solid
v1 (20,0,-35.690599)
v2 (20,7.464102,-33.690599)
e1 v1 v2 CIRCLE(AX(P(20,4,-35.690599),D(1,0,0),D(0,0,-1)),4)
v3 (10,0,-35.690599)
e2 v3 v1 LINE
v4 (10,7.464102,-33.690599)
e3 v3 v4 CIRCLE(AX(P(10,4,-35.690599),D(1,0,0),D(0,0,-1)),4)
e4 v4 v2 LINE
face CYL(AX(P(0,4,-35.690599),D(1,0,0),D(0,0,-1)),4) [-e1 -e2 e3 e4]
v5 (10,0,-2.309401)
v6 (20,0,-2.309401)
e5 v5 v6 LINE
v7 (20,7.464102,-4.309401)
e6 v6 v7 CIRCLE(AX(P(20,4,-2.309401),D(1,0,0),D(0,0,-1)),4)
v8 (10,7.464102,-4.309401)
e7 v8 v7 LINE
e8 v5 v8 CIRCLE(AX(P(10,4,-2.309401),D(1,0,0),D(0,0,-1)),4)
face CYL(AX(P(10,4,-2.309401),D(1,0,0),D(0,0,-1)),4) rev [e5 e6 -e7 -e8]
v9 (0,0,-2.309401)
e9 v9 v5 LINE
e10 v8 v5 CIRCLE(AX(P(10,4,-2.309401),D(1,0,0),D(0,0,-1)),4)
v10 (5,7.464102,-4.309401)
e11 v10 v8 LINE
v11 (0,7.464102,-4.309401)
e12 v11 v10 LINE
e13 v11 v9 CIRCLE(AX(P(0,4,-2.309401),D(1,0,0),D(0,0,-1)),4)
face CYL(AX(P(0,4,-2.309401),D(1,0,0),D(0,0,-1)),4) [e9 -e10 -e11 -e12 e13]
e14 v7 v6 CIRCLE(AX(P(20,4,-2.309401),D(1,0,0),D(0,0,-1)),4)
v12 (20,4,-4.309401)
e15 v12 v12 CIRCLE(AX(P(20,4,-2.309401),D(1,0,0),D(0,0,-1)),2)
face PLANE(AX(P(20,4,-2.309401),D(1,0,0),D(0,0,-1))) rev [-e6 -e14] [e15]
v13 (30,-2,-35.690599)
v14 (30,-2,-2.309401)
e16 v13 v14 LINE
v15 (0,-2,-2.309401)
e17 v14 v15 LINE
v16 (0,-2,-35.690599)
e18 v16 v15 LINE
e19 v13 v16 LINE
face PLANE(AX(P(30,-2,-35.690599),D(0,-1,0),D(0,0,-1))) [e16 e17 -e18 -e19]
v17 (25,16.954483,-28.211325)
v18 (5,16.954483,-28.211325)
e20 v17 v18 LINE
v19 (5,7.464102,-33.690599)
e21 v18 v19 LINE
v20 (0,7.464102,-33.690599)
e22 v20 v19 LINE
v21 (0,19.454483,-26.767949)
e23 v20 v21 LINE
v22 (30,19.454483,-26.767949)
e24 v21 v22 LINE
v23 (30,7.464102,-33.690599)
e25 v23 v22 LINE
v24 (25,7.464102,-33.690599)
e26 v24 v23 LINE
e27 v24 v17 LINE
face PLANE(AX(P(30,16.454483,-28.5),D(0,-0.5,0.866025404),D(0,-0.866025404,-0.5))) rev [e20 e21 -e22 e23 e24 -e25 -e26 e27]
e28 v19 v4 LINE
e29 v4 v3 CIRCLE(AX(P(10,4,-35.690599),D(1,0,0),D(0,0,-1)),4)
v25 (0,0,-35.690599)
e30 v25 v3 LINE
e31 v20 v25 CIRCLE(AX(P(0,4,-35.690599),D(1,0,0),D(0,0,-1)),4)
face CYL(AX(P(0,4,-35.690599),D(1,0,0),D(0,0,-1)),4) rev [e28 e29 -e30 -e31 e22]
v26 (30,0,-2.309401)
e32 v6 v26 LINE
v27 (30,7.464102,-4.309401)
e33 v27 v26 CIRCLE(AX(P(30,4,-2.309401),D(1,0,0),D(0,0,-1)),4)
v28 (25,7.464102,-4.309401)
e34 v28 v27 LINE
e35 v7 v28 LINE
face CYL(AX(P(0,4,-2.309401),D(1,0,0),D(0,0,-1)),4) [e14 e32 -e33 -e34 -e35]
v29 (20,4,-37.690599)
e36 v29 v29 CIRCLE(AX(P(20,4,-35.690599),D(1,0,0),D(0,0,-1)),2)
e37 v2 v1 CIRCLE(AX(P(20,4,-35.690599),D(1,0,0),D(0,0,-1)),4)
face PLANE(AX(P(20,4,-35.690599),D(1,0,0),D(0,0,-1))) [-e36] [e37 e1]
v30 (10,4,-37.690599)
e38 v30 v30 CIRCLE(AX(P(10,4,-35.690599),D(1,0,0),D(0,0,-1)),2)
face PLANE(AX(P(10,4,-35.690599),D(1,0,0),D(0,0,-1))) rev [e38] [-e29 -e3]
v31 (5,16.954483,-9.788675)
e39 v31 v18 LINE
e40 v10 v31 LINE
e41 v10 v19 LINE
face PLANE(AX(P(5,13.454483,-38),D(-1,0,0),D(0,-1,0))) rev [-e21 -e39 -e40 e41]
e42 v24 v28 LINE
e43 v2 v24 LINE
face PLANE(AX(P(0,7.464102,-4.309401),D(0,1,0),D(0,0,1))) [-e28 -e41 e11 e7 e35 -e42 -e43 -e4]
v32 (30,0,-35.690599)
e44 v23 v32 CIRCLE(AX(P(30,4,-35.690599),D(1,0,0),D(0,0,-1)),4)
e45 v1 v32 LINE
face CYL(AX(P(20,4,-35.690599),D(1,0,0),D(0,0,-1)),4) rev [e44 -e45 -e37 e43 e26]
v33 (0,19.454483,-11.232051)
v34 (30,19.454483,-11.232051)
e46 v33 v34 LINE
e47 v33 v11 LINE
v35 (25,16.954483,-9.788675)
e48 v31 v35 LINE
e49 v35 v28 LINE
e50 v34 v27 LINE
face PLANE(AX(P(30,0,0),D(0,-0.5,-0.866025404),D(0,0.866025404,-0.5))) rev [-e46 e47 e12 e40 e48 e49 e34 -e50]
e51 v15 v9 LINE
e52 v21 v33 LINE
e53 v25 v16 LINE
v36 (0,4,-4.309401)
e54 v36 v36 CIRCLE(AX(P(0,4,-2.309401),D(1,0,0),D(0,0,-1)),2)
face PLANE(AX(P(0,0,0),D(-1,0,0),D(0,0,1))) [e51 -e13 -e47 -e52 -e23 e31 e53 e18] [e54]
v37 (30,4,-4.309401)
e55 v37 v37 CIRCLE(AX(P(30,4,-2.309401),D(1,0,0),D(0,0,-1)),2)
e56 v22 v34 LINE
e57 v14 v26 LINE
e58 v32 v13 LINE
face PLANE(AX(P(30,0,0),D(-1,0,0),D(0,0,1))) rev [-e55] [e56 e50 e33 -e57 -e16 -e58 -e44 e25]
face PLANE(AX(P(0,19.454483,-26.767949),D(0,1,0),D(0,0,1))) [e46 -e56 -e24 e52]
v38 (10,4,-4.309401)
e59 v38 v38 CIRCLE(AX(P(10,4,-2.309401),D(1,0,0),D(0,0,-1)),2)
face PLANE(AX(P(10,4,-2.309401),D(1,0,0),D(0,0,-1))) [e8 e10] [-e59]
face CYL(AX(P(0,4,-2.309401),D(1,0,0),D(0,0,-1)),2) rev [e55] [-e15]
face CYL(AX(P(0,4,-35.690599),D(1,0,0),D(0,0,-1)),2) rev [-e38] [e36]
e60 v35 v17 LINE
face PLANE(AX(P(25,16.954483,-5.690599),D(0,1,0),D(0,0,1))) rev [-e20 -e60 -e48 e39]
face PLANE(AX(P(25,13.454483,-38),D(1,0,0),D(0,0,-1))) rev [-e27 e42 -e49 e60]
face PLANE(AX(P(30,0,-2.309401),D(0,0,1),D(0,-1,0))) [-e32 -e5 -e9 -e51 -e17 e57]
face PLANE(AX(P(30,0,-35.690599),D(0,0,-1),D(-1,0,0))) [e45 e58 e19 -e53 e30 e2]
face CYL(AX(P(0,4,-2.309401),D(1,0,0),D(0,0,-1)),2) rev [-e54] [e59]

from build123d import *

# Parameters (mm, degrees)
EXTRUDE_1_DEPTH      = 30
SKETCH_2_W           = 20
SKETCH_2_H           = 10.454482672
CUT_EXTRUDE_1_DEPTH  = 52.134626233
CUT_EXTRUDE_4_DEPTH  = 52.134626233
SKETCH_4_R           = 4
SKETCH_4_R_2         = 2
EXTRUDE_2_DEPTH      = 30
CUT_EXTRUDE_5_DEPTH  = 53.403183519
SKETCH_6_R           = 4
SKETCH_6_R_2         = 2
EXTRUDE_3_DEPTH      = 30
CUT_EXTRUDE_START    = -10
SKETCH_7_R           = 4
SKETCH_7_R_2         = 2
CUT_EXTRUDE_8_DEPTH  = 10
SKETCH_8_R           = 4
SKETCH_8_R_2         = 2
CUT_EXTRUDE_9_DEPTH  = 10
CUT_EXTRUDE_START_2  = -20
SKETCH_9_R           = 4
SKETCH_9_R_2         = 2
CUT_EXTRUDE_10_DEPTH = 10
EXTRUDE_4_DEPTH      = 30
SKETCH_12_W          = 33.381197846
SKETCH_12_H          = 2
EXTRUDE_5_DEPTH      = 30
EXTRUDE_6_DEPTH      = 30
SKETCH_13_W          = 20
SKETCH_13_H          = 3.5
CUT_EXTRUDE_11_DEPTH = 30


with BuildPart() as part:
    # 스케치1 → 보스-돌출1 (new body)
    with BuildSketch(Plane(origin=(0, 0, 0), x_dir=(0, 0, -1), z_dir=(1, 0, 0))):
        Polygon((0, 0), (9.5, 16.454482672), (28.5, 16.454482672), (38, 0), align=None)
    extrude(amount=EXTRUDE_1_DEPTH)

    # 스케치2 → 컷-돌출1 (cut, through all)
    with BuildSketch(Plane.XY):
        with Locations((15, 8.227241336)):
            Rectangle(SKETCH_2_W, SKETCH_2_H)
    extrude(amount=-CUT_EXTRUDE_1_DEPTH, mode=Mode.SUBTRACT)

    # 스케치3 → 컷-돌출4 (cut, through all)
    with BuildSketch(Plane(origin=(30, 0, 0), x_dir=(0, 0, -1), z_dir=(1, 0, 0))):
        with BuildLine():
            Line((33.690598923, 7.464101615), (37.690598923, 0.535898385))
            ThreePointArc((37.690598923, 0.535898385), (39.154700538, 2), (39.690598923, 4))
            ThreePointArc((39.690598923, 4), (37.690598923, 7.464101615), (33.690598923, 7.464101615))
        make_face()
        with BuildLine():
            ThreePointArc((35.690598923, 0), (36.725875104, 0.136296695), (37.690598923, 0.535898385))
            Line((37.690598923, 0.535898385), (33.690598923, 7.464101615))
            ThreePointArc((33.690598923, 7.464101615), (31.826895618, 2.96472382), (35.690598923, 0))
        make_face()
        with BuildLine():
            Line((35.690598923, 0), (38, 0))
            Line((38, 0), (37.690598923, 0.535898385))
            ThreePointArc((37.690598923, 0.535898385), (36.725875104, 0.136296695), (35.690598923, 0))
        make_face()
    extrude(amount=-CUT_EXTRUDE_4_DEPTH, mode=Mode.SUBTRACT)

    # 스케치4 → 보스-돌출2 (add)
    with BuildSketch(Plane(origin=(30, 0, 0), x_dir=(0, 0, -1), z_dir=(1, 0, 0))):
        with Locations((35.690598923, 4)):
            Circle(SKETCH_4_R)
        with Locations((35.690598923, 4)):
            Circle(SKETCH_4_R_2, mode=Mode.SUBTRACT)
    extrude(amount=-EXTRUDE_2_DEPTH)

    # 스케치5 → 컷-돌출5 (cut, through all)
    with BuildSketch(Plane(origin=(30, 0, 0), x_dir=(0, 0, -1), z_dir=(1, 0, 0))):
        with BuildLine():
            Line((4.309401077, 7.464101615), (0.309401077, 0.535898385))
            ThreePointArc((0.309401077, 0.535898385), (1.274124896, 0.136296695), (2.309401077, 0))
            ThreePointArc((2.309401077, 0), (5.137828202, 1.171572875), (6.309401077, 4))
            ThreePointArc((6.309401077, 4), (5.773502692, 6), (4.309401077, 7.464101615))
        make_face()
        with BuildLine():
            ThreePointArc((4.309401077, 7.464101615), (-1.154700538, 6), (0.309401077, 0.535898385))
            Line((0.309401077, 0.535898385), (4.309401077, 7.464101615))
        make_face()
        with BuildLine():
            ThreePointArc((2.309401077, 0), (1.274124896, 0.136296695), (0.309401077, 0.535898385))
            Line((0.309401077, 0.535898385), (0, 0))
            Line((0, 0), (2.309401077, 0))
        make_face()
    extrude(amount=-CUT_EXTRUDE_5_DEPTH, mode=Mode.SUBTRACT)

    # 스케치6 → 보스-돌출3 (add)
    with BuildSketch(Plane(origin=(30, 0, 0), x_dir=(0, 0, -1), z_dir=(1, 0, 0))):
        with Locations((2.309401077, 4)):
            Circle(SKETCH_6_R)
        with Locations((2.309401077, 4)):
            Circle(SKETCH_6_R_2, mode=Mode.SUBTRACT)
    extrude(amount=-EXTRUDE_3_DEPTH)

    # 스케치7 → 컷-돌출8 (cut)
    with BuildSketch(Plane(origin=(30, 0, 0), x_dir=(0, 0, -1), z_dir=(1, 0, 0)).offset(CUT_EXTRUDE_START)):
        with Locations((2.309401077, 4)):
            Circle(SKETCH_7_R)
        with Locations((2.309401077, 4)):
            Circle(SKETCH_7_R_2, mode=Mode.SUBTRACT)
    extrude(amount=-CUT_EXTRUDE_8_DEPTH, mode=Mode.SUBTRACT)

    # 스케치8 → 컷-돌출9 (cut)
    with BuildSketch(Plane(origin=(30, 0, 0), x_dir=(0, 0, -1), z_dir=(1, 0, 0))):
        with Locations((35.690598923, 4)):
            Circle(SKETCH_8_R)
        with Locations((35.690598923, 4)):
            Circle(SKETCH_8_R_2, mode=Mode.SUBTRACT)
    extrude(amount=-CUT_EXTRUDE_9_DEPTH, mode=Mode.SUBTRACT)

    # 스케치9 → 컷-돌출10 (cut)
    with BuildSketch(Plane(origin=(30, 0, 0), x_dir=(0, 0, -1), z_dir=(1, 0, 0)).offset(CUT_EXTRUDE_START_2)):
        with Locations((35.690598923, 4)):
            Circle(SKETCH_9_R)
        with Locations((35.690598923, 4)):
            Circle(SKETCH_9_R_2, mode=Mode.SUBTRACT)
    extrude(amount=-CUT_EXTRUDE_10_DEPTH, mode=Mode.SUBTRACT)

    # 스케치11 → 보스-돌출4 (add)
    with BuildSketch(Plane(origin=(30, 0, 0), x_dir=(0, 0, -1), z_dir=(1, 0, 0))):
        with BuildLine():
            Line((4.309401077, 7.464101615), (33.690598923, 7.464101615))
            ThreePointArc((33.690598923, 7.464101615), (31.826895618, 2.96472382), (35.690598923, 0))
            Line((35.690598923, 0), (2.309401077, 0))
            ThreePointArc((2.309401077, 0), (6.173104382, 2.96472382), (4.309401077, 7.464101615))
        make_face()
    extrude(amount=-EXTRUDE_4_DEPTH)

    # 스케치12 → 보스-돌출5 (add)
    with BuildSketch(Plane.ZY):
        with Locations((-19, -1)):
            Rectangle(SKETCH_12_W, SKETCH_12_H)
    extrude(amount=-EXTRUDE_5_DEPTH)

    # 스케치14 → 보스-돌출6 (add)
    with BuildSketch(Plane(origin=(30, 0, 0), x_dir=(0, 0, -1), z_dir=(1, 0, 0))):
        Polygon((28.5, 16.454482672), (26.767949192, 19.454482672), (11.232050808, 19.454482672), (9.5, 16.454482672), align=None)
    extrude(amount=-EXTRUDE_6_DEPTH)

    # 스케치13 → 컷-돌출11 (cut)
    with BuildSketch(Plane(origin=(0, 0, -35.690598923), x_dir=(-1, 0, 0), z_dir=(0, 0, -1))):
        with Locations((-15, 15.204482672)):
            Rectangle(SKETCH_13_W, SKETCH_13_H)
    extrude(amount=-CUT_EXTRUDE_11_DEPTH, mode=Mode.SUBTRACT)


solid = part.part
